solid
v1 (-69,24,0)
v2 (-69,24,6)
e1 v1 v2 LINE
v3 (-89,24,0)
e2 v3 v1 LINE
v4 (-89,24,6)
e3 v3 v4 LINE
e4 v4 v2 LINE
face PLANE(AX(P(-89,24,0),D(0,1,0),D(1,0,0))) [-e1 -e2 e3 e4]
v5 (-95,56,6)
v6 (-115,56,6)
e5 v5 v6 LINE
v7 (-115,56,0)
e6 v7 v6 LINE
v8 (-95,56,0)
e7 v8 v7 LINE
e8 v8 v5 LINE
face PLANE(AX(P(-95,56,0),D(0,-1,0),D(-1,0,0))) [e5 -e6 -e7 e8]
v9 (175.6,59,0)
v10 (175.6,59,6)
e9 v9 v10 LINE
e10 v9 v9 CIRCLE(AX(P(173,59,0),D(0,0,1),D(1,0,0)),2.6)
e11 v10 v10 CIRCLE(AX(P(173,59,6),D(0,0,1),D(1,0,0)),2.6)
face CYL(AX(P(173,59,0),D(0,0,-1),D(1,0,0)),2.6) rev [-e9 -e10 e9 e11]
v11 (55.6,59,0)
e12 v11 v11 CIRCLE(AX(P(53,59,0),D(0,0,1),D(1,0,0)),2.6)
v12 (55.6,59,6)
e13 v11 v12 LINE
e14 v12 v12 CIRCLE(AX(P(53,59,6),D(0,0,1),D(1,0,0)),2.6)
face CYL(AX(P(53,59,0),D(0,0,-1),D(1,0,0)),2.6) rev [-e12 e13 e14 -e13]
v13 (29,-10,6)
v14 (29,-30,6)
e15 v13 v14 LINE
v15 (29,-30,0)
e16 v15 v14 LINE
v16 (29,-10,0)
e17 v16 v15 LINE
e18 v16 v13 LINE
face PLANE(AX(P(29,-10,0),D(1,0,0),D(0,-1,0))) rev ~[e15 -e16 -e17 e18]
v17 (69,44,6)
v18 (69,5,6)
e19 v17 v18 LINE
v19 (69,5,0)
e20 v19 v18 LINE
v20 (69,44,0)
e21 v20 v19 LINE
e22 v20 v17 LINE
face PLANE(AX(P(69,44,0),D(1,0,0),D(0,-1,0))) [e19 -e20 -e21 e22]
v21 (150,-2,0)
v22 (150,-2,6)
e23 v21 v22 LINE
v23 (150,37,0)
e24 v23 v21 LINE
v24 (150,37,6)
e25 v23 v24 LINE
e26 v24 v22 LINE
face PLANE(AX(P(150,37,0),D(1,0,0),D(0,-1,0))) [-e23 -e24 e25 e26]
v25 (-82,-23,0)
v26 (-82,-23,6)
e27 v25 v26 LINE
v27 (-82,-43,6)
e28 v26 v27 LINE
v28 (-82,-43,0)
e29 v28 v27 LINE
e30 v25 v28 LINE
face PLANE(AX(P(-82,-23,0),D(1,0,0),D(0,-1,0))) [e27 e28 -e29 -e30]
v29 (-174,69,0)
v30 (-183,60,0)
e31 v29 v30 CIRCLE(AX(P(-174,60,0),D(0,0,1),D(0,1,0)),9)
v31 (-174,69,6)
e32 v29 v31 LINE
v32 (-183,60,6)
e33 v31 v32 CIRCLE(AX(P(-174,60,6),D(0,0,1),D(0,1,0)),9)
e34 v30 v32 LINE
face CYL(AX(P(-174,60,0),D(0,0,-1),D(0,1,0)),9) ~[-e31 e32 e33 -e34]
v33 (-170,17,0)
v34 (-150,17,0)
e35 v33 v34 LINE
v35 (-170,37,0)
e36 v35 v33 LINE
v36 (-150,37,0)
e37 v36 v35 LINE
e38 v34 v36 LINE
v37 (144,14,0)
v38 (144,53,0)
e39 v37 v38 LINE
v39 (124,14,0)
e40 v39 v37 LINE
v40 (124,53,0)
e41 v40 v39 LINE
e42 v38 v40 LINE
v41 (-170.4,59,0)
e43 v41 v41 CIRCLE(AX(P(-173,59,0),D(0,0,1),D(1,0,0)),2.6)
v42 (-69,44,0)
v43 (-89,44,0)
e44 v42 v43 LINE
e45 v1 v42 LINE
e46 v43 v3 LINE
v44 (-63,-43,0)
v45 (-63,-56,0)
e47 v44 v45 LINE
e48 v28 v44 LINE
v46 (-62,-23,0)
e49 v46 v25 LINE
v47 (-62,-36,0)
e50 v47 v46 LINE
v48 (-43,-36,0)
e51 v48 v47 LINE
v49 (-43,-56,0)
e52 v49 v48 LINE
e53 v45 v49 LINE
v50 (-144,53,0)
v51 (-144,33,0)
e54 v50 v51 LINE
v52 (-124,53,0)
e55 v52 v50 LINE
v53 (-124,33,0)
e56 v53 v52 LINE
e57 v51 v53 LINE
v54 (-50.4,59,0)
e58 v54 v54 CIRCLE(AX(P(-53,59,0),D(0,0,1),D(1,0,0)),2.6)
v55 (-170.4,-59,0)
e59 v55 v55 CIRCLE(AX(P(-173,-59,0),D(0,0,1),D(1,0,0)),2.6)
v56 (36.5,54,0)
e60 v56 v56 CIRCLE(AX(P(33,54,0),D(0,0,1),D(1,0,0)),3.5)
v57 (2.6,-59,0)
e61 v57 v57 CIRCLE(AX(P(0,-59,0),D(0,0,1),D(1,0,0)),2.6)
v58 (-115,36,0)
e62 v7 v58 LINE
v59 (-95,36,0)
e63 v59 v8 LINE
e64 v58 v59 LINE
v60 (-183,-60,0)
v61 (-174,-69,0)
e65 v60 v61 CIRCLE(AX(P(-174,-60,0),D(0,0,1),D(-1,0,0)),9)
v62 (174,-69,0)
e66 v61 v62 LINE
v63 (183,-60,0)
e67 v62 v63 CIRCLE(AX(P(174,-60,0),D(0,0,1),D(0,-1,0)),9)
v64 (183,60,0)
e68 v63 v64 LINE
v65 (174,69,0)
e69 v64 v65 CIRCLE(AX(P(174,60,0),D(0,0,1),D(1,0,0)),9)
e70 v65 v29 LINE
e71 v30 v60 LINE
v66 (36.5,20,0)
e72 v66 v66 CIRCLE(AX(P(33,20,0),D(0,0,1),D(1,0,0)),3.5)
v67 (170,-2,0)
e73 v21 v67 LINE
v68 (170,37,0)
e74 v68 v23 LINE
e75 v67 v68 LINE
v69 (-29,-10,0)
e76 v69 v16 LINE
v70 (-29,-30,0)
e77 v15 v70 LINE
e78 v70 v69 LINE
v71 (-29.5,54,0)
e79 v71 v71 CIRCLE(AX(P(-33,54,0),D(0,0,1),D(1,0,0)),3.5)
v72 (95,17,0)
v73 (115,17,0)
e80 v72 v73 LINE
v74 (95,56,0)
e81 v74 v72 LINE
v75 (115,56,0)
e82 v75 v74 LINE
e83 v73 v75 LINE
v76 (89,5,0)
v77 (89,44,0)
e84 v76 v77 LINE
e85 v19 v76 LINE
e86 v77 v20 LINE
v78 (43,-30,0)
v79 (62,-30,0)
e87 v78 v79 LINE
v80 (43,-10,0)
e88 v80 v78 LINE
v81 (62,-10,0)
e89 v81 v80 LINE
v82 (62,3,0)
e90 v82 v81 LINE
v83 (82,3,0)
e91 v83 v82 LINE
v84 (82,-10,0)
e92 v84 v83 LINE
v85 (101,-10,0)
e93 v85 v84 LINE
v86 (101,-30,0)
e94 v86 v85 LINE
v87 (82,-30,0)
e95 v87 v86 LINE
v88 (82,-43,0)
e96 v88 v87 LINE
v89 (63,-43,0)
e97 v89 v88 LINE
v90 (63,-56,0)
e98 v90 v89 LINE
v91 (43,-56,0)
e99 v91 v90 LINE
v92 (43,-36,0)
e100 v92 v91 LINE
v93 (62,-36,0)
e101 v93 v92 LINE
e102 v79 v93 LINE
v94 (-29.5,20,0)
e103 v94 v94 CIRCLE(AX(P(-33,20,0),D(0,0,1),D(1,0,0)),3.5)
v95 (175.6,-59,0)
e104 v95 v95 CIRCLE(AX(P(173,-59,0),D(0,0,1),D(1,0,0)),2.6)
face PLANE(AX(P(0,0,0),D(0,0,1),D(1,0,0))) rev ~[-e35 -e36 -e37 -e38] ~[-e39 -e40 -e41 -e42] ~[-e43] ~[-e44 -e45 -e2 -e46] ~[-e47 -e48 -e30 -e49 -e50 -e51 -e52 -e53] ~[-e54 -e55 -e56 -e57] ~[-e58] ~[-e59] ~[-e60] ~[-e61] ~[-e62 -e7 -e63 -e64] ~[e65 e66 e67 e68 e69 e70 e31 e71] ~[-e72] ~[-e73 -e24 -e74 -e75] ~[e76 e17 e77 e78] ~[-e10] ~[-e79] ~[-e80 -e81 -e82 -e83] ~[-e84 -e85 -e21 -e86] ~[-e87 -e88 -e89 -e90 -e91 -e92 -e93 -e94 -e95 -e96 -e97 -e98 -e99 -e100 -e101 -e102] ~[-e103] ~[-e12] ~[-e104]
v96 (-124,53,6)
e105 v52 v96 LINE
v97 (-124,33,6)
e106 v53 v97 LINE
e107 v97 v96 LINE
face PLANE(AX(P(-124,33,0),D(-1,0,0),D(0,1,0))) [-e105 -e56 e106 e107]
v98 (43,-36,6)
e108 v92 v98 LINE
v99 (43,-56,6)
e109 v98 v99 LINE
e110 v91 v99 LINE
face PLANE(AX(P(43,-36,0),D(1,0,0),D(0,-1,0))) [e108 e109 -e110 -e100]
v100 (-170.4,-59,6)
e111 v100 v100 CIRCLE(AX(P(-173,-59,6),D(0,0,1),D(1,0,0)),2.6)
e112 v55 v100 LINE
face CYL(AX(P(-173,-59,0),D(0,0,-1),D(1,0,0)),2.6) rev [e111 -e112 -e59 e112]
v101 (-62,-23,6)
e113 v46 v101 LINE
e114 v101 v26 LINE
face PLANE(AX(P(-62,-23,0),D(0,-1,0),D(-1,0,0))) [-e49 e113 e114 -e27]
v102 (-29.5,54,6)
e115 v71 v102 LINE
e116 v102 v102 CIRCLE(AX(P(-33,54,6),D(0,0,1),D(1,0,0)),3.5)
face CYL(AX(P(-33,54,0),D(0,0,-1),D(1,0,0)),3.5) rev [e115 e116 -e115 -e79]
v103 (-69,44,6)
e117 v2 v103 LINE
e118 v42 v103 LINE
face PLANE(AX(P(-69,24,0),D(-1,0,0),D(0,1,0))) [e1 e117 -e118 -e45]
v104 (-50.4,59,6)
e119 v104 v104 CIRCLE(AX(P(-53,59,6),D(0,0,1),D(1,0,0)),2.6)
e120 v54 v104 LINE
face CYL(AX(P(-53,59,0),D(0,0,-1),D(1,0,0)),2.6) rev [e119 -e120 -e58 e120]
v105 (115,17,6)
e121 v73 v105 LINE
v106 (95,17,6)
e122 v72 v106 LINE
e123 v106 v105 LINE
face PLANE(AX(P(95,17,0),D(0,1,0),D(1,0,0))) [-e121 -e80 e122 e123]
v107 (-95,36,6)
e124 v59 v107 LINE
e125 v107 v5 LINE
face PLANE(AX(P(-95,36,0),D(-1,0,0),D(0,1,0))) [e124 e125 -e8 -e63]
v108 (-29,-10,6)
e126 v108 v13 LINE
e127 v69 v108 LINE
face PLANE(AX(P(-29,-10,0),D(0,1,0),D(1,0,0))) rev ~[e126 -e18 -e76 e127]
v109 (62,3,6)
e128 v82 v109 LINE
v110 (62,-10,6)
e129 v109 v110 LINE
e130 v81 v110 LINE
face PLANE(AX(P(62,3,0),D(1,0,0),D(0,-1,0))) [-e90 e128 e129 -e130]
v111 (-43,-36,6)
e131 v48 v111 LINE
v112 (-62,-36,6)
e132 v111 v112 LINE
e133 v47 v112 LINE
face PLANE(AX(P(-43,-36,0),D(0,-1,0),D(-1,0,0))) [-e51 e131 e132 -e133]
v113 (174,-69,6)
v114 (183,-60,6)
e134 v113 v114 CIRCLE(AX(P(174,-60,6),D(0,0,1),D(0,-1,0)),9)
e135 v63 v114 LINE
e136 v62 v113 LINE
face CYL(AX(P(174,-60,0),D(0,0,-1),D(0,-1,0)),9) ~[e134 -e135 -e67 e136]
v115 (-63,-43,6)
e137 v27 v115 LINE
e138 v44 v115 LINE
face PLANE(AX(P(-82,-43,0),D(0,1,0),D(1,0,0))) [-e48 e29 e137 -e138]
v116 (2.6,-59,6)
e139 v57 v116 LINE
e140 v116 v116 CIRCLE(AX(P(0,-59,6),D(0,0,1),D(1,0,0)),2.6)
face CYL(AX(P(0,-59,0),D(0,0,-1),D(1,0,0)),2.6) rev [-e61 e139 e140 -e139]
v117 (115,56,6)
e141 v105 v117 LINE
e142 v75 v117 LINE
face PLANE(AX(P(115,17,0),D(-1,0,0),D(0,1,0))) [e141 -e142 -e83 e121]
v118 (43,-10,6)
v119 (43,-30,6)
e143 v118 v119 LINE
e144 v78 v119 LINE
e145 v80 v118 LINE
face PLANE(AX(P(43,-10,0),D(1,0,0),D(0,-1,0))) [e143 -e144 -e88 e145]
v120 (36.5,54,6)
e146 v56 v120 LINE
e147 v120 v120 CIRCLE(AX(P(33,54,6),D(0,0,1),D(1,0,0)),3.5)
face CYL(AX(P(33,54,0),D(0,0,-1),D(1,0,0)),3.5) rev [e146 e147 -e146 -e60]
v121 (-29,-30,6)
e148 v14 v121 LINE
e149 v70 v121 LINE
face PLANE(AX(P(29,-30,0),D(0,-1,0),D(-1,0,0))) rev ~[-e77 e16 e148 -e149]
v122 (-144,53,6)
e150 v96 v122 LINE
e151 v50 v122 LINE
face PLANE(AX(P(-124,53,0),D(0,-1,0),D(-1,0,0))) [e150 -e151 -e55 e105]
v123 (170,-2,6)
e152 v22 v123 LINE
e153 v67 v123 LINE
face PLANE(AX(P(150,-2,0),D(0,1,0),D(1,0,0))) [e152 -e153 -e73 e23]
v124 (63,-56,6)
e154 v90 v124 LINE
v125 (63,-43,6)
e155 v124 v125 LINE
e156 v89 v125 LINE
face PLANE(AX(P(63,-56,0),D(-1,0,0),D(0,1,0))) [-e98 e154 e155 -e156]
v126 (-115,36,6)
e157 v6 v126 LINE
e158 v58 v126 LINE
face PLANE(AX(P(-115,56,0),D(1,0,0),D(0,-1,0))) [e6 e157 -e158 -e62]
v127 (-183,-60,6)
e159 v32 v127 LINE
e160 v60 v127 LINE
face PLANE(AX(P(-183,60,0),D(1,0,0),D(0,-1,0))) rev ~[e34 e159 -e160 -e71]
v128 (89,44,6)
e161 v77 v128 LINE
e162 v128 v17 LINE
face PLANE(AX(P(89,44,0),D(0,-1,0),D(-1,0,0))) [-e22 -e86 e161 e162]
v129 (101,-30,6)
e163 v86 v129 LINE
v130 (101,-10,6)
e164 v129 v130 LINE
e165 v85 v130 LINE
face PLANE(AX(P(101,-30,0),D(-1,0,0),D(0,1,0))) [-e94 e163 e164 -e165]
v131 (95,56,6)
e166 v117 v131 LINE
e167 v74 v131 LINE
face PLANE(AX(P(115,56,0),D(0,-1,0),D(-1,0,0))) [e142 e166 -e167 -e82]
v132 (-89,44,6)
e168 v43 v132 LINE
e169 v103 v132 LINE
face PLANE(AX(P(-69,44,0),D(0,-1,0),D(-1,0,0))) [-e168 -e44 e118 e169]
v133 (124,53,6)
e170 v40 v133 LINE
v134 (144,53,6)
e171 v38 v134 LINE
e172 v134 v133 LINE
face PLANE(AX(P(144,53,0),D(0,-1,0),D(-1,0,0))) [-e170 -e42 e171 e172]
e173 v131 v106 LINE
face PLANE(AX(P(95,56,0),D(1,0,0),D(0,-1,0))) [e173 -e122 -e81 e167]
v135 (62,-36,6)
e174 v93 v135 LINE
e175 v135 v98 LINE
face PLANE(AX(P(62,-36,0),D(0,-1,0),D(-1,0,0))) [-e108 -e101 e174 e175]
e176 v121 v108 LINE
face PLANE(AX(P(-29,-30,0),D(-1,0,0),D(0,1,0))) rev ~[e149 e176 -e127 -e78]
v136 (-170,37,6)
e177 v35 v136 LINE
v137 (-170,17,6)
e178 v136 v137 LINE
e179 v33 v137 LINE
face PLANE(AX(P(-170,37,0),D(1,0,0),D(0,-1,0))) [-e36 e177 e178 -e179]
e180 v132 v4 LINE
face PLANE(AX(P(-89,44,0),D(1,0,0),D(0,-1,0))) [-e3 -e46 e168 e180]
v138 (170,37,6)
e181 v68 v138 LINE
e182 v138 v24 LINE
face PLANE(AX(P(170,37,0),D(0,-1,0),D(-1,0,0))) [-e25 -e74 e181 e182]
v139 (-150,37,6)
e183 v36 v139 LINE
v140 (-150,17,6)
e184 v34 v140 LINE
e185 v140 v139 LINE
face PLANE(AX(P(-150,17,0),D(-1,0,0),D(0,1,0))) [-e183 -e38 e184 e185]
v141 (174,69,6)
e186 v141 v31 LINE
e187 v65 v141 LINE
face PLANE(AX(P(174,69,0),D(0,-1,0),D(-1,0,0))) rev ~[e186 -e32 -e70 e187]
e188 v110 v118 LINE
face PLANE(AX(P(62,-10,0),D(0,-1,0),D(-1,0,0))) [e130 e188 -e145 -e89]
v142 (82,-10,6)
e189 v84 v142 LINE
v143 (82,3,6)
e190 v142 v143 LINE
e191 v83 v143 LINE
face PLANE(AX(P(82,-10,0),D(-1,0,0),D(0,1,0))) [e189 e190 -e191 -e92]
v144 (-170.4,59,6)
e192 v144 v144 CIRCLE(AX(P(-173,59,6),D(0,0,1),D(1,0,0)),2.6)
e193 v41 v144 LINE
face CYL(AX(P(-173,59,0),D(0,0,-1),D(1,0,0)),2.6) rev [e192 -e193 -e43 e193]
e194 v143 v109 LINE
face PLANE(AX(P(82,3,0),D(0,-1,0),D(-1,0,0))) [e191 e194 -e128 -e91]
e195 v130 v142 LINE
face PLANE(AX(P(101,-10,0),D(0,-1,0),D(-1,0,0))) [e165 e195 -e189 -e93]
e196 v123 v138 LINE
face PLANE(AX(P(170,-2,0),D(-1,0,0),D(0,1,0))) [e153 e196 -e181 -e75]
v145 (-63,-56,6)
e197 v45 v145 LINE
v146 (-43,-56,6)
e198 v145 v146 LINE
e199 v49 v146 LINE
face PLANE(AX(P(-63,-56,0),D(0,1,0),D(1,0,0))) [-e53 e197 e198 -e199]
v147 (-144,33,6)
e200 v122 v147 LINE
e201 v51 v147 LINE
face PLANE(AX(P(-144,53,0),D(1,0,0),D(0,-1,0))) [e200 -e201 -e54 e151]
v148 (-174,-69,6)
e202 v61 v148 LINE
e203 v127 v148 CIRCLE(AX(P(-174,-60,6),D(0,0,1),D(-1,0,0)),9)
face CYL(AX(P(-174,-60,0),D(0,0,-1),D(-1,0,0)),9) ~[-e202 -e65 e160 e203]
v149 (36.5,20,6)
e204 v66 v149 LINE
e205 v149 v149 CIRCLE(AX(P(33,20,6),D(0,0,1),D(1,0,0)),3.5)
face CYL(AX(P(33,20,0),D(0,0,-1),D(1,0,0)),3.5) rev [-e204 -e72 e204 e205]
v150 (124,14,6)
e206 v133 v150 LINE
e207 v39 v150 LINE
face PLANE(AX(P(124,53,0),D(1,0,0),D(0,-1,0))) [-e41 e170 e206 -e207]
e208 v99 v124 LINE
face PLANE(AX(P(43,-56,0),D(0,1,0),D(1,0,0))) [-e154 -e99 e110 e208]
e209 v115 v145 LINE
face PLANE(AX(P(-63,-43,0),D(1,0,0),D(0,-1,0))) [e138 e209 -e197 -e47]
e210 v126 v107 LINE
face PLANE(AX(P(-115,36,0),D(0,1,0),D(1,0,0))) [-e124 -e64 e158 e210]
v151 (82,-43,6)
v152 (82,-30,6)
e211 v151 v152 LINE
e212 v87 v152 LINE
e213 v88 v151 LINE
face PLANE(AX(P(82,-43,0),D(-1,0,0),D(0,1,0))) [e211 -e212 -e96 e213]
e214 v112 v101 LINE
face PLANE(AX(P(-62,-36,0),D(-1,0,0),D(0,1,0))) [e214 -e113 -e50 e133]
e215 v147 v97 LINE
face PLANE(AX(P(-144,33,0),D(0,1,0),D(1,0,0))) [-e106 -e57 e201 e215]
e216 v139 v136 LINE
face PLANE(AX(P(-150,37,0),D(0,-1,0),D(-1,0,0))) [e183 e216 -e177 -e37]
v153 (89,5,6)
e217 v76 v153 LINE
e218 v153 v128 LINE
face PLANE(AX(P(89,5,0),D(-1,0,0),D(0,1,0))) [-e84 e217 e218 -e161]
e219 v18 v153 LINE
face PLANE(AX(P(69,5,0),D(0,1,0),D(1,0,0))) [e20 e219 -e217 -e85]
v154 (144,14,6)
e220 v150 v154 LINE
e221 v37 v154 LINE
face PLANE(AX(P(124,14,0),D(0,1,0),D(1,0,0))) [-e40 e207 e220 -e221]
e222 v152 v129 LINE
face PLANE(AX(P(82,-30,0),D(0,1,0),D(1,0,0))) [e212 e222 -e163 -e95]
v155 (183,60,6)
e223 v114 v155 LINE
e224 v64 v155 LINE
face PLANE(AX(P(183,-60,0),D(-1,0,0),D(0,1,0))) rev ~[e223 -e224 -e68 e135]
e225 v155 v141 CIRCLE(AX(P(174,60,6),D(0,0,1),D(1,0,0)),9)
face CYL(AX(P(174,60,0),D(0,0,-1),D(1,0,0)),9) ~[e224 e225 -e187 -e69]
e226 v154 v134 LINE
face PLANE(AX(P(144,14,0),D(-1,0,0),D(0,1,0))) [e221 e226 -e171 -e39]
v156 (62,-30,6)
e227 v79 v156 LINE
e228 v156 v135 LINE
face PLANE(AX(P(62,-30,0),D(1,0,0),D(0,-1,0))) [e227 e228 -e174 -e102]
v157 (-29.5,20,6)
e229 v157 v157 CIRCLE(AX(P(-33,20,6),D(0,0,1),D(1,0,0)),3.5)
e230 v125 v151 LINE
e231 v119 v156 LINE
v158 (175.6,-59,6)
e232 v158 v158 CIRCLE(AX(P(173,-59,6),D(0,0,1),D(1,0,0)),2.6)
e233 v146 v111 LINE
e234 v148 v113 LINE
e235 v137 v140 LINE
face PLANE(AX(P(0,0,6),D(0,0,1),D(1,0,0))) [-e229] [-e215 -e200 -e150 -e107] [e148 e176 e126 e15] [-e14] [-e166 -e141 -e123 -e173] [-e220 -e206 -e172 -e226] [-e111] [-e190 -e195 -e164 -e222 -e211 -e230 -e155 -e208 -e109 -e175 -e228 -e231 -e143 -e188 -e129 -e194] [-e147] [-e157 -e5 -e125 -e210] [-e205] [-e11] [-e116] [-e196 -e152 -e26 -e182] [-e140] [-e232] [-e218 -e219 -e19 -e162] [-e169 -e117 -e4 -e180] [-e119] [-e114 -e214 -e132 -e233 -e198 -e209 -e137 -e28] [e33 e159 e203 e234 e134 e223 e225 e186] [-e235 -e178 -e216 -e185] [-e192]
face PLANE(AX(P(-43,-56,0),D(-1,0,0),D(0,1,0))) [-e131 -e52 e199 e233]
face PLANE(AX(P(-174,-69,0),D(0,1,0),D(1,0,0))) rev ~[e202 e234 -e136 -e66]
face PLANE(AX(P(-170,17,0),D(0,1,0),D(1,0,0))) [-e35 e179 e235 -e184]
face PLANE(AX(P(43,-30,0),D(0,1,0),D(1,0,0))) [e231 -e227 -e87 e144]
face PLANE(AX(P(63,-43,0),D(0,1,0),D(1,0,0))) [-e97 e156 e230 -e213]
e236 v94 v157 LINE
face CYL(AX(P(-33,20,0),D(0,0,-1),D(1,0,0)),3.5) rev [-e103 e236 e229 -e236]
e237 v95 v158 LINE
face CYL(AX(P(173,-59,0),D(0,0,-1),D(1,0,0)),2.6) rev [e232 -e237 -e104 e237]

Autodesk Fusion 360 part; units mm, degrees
sketch "Sketch1" plane through (0, 0, 0) normal (0, 0, 1) x (1, 0, 0)
  line L0 (89, 44) -> (69, 44)
  line L1 (43, -56) -> (63, -56)
  line L2 (-89, 24) -> (-69, 24)
  line L3 (-124, 33) -> (-124, 53)
  line L4 (-95, 36) -> (-95, 56)
  line L5 (174, 69) -> (-174, 69)
  line L6 (-174, -69) -> (174, -69)
  line L7 (170, 37) -> (150, 37)
  line L8 (150, 37) -> (150, -2)
  line L9 (-183, 60) -> (-183, -60)
  line L10 (-124, 53) -> (-144, 53)
  line L11 (115, 56) -> (95, 56)
  line L12 (-150, 37) -> (-170, 37)
  line L13 (-170, 37) -> (-170, 17)
  line L14 (-89, 44) -> (-89, 24)
  line L15 (-62, -36) -> (-62, -23)
  line L16 (-115, 36) -> (-95, 36)
  line L17 (-69, 24) -> (-69, 44)
  line L18 (-69, 44) -> (-89, 44)
  line L19 (-62, -23) -> (-82, -23)
  line L20 (124, 14) -> (144, 14)
  line L21 (-144, 33) -> (-124, 33)
  circle A0 centre (173, -59) radius 2.6
  line L22 (82, -30) -> (101, -30)
  line L23 (-43, -56) -> (-43, -36)
  line L24 (-63, -43) -> (-63, -56)
  line L25 (-82, -43) -> (-63, -43)
  circle A1 centre (-173, -59) radius 2.6
  line L26 (-144, 53) -> (-144, 33)
  line L27 (-150, 17) -> (-150, 37)
  line L28 (-115, 56) -> (-115, 36)
  line L29 (-63, -56) -> (-43, -56)
  line L30 (-170, 17) -> (-150, 17)
  line L31 (82, 3) -> (62, 3)
  line L32 (115, 17) -> (115, 56)
  line L33 (43, -30) -> (62, -30)
  line L34 (170, -2) -> (170, 37)
  line L35 (95, 56) -> (95, 17)
  line L36 (63, -43) -> (82, -43)
  line L37 (89, 5) -> (89, 44)
  circle A2 centre (0, -59) radius 2.6
  line L38 (183, -60) -> (183, 60)
  circle A3 centre (-173, 59) radius 2.6
  line L39 (43, -36) -> (43, -56)
  line L40 (62, 3) -> (62, -10)
  line L41 (69, 44) -> (69, 5)
  line L42 (43, -10) -> (43, -30)
  line L43 (101, -30) -> (101, -10)
  line L44 (144, 53) -> (124, 53)
  line L45 (62, -10) -> (43, -10)
  line L46 (82, -43) -> (82, -30)
  line L47 (-95, 56) -> (-115, 56)
  line L48 (-82, -23) -> (-82, -43)
  line L49 (124, 53) -> (124, 14)
  line L50 (150, -2) -> (170, -2)
  circle A4 centre (173, 59) radius 2.6
  line L51 (62, -30) -> (62, -36)
  line L52 (95, 17) -> (115, 17)
  line L53 (101, -10) -> (82, -10)
  line L54 (62, -36) -> (43, -36)
  line L55 (82, -10) -> (82, 3)
  line L56 (63, -56) -> (63, -43)
  line L57 (69, 5) -> (89, 5)
  line L58 (144, 14) -> (144, 53)
  line L59 (-43, -36) -> (-62, -36)
  arc A5 (-174, 69) -> (-183, 60) centre (-174, 60) ccw
  arc A6 (183, 60) -> (174, 69) centre (174, 60) ccw
  arc A7 (174, -69) -> (183, -60) centre (174, -60) ccw
  arc A8 (-183, -60) -> (-174, -69) centre (-174, -60) ccw
  circle A9 centre (33, 54) radius 3.5
  circle A10 centre (-33, 54) radius 3.5
  circle A11 centre (33, 20) radius 3.5
  circle A12 centre (-33, 20) radius 3.5
  circle A13 centre (53, 59) radius 2.6
  circle A14 centre (-53, 59) radius 2.6
  line L60 (29, -30) -> (-29, -30)
  line L61 (-29, -30) -> (-29, -10)
  line L62 (-29, -10) -> (29, -10)
  line L63 (29, -10) -> (29, -30)
  point P0 (0, -20)
  point P1 (0, -20)
  dimension "d1" = 9
  dimension "d2" = 7
  dimension "d3" = 7
  dimension "d4" = 7
  dimension "d5" = 7
  dimension "d8" = 5.2
  dimension "d9" = 5.2
extrude "Extrude1" add sketch "Sketch1" along normal blind 6
